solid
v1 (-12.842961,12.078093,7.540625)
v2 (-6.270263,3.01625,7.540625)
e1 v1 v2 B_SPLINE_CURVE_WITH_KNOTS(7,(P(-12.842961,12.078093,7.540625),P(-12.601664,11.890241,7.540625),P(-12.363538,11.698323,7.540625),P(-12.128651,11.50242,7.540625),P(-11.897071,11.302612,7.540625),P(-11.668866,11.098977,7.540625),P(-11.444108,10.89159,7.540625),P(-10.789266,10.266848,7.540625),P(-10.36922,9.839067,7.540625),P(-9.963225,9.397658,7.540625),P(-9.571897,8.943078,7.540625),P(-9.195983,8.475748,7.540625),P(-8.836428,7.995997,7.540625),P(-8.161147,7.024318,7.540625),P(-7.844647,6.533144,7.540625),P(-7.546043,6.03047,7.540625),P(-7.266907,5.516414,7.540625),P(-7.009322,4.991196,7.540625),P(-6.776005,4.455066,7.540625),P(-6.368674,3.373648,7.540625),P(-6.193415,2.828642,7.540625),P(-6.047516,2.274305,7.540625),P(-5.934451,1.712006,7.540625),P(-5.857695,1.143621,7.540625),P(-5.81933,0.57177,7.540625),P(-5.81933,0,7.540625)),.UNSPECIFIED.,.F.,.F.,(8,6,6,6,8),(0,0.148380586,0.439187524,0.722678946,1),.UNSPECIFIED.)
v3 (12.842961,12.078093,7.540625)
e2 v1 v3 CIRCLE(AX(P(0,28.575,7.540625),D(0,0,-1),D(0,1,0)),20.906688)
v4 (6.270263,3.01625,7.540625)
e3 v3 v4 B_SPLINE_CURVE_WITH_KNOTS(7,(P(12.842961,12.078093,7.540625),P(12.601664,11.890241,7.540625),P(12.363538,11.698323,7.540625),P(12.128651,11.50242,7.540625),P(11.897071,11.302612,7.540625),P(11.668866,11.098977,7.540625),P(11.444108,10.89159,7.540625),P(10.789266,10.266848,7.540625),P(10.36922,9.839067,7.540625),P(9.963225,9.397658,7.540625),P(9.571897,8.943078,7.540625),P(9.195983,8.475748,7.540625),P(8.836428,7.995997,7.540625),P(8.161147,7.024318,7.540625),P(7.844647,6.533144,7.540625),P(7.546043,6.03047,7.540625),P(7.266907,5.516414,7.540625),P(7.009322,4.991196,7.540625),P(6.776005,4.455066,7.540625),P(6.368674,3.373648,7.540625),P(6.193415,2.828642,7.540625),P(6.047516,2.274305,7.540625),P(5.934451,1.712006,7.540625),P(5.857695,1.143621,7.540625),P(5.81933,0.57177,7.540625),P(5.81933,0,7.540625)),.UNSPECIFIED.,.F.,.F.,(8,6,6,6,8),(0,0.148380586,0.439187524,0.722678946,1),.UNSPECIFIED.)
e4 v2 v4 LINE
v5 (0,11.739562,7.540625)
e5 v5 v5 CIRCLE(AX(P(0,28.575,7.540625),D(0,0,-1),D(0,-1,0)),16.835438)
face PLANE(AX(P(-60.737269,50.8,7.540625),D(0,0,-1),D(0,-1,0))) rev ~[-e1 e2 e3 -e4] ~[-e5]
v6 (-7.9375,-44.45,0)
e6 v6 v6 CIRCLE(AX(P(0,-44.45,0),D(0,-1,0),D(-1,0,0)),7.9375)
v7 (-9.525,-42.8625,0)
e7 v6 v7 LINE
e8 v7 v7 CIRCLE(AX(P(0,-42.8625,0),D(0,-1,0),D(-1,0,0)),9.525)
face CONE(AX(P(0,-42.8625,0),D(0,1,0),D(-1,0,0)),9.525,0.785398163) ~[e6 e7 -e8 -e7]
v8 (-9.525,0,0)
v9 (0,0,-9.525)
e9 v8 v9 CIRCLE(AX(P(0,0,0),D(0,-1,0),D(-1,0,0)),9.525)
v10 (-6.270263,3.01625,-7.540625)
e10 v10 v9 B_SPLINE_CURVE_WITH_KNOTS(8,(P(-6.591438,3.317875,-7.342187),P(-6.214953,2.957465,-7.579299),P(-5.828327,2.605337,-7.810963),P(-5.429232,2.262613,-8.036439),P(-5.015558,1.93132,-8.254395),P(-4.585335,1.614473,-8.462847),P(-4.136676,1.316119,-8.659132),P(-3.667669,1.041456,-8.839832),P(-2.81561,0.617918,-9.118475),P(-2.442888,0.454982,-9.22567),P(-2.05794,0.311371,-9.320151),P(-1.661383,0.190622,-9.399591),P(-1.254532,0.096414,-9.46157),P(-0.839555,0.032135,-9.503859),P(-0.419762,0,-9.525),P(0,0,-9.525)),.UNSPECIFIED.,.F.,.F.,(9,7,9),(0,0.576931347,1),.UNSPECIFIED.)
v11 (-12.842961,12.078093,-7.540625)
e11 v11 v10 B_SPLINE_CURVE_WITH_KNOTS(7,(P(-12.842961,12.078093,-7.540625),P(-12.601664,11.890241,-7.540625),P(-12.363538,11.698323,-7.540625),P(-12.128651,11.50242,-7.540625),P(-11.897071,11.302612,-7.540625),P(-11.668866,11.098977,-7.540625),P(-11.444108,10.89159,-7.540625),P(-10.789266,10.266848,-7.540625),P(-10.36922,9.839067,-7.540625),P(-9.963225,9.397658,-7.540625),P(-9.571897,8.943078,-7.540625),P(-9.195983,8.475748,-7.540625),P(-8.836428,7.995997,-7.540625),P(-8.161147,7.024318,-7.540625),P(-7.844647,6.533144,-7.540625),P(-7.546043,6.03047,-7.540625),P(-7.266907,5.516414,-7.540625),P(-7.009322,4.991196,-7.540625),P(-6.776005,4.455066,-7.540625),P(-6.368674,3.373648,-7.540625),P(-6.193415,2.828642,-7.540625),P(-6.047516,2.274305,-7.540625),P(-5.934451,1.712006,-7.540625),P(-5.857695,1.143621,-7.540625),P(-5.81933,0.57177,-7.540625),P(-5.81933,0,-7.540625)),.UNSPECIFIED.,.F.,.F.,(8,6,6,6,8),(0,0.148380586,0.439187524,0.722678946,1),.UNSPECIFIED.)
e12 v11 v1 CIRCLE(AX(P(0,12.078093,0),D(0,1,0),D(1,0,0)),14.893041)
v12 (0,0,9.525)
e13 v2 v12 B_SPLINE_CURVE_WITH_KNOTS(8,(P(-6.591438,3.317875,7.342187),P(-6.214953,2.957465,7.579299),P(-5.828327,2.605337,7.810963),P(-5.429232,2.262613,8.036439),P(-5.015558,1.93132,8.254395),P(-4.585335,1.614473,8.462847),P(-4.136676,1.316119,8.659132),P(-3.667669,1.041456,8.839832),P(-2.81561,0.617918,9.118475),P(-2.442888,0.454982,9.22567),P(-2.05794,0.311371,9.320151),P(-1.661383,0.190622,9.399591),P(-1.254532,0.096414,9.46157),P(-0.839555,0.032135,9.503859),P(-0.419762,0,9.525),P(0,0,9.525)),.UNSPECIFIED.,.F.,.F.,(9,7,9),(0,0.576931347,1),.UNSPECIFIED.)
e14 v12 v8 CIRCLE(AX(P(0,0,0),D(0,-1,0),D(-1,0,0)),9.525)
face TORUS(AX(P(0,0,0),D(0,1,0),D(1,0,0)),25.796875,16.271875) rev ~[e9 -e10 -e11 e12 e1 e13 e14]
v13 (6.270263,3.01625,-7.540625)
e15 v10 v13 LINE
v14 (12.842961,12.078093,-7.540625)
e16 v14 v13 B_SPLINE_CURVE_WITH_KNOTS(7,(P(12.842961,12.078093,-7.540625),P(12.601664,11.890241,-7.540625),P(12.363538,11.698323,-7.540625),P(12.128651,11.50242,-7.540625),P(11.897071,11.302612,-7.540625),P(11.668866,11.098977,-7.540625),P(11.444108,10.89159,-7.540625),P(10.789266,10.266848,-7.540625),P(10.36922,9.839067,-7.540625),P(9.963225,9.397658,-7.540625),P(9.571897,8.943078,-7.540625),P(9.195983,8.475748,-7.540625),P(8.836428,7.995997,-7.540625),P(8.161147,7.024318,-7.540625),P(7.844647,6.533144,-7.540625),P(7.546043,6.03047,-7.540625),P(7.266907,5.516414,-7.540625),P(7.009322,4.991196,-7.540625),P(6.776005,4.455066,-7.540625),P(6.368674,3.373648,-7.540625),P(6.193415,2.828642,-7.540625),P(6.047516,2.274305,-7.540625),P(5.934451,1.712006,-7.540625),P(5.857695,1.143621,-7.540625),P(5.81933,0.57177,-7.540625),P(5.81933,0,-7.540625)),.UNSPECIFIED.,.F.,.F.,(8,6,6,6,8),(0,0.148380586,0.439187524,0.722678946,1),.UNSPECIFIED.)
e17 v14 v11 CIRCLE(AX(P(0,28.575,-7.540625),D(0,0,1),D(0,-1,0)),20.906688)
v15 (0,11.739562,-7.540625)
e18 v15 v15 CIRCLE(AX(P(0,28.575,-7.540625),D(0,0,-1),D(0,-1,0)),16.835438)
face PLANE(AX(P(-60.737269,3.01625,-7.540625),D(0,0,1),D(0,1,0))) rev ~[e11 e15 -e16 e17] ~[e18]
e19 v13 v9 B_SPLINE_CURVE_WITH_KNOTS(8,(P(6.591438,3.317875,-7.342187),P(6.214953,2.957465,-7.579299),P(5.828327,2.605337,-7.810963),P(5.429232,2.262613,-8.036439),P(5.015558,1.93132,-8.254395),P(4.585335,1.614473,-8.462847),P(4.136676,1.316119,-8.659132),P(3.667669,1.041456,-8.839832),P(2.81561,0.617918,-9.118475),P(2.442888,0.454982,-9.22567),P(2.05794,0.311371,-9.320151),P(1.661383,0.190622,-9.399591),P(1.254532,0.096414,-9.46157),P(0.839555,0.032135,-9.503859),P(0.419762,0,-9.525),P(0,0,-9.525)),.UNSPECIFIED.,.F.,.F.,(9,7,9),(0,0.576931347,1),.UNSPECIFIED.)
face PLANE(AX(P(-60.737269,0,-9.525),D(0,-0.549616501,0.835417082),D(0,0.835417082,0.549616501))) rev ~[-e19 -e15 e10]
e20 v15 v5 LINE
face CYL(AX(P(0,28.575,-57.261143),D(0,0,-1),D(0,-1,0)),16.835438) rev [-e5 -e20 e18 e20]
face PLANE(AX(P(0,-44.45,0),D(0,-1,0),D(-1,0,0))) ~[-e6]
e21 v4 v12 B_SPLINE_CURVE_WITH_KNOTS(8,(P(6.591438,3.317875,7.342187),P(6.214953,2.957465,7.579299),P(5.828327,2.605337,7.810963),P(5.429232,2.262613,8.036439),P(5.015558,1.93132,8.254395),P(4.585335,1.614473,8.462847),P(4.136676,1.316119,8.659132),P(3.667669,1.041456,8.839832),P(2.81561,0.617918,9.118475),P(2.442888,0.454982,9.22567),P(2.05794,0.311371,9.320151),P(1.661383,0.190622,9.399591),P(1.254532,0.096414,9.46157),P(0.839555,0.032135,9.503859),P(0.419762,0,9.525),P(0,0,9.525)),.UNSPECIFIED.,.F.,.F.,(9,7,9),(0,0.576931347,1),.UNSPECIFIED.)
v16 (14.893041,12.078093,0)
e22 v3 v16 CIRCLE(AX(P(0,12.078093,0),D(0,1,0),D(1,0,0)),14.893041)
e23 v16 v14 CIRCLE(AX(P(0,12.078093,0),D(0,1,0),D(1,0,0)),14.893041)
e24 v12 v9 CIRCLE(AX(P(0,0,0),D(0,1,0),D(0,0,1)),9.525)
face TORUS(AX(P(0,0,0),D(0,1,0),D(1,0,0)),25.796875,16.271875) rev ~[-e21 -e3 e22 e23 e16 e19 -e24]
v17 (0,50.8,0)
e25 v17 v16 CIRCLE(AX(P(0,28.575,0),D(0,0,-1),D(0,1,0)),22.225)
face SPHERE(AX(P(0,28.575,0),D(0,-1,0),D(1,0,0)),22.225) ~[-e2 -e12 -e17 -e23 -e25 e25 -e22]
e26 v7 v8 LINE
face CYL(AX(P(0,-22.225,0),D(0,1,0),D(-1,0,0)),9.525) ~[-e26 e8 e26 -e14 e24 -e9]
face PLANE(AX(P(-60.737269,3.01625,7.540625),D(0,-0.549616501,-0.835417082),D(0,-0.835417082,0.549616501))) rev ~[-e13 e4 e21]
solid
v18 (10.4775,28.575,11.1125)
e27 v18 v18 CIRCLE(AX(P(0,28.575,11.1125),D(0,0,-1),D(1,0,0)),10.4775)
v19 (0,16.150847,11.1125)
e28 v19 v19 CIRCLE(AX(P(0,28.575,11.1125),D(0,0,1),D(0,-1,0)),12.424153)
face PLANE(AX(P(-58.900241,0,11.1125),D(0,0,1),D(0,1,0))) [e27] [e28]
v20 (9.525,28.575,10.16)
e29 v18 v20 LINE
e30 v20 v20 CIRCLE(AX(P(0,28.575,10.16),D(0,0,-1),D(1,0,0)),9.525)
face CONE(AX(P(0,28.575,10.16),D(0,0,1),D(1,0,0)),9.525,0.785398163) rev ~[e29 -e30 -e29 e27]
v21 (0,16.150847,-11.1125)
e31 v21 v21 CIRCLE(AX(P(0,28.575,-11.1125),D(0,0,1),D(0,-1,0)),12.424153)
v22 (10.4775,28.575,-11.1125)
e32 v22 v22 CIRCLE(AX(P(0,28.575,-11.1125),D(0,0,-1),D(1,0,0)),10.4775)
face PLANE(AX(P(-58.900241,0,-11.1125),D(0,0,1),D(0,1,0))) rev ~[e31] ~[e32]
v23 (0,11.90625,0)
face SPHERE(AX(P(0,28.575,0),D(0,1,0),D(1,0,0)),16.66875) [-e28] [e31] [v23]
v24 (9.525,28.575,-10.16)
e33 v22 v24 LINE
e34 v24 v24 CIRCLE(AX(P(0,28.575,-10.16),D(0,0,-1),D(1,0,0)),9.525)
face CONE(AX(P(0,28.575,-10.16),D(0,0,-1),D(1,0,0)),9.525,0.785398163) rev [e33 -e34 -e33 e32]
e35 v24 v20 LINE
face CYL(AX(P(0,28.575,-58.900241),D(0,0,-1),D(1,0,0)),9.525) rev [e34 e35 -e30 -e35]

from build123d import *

# Parameters (mm, degrees)
SKETCH1_W               = 9.525
SKETCH1_H               = 44.45
CHAMFER2_SIZE           = 1.5875
CUT_EXTRUDE1_DEPTH      = 60.737268518
CUT_EXTRUDE1_DEPTH_BACK = 60.737268518
CUT_EXTRUDE2_DEPTH      = 57.261143358
CUT_EXTRUDE2_DEPTH_BACK = 57.261143358
SKETCH6_R               = 16.8354375
CUT_EXTRUDE3_DEPTH      = 58.900240514
CUT_EXTRUDE3_DEPTH_BACK = 58.900240514
SKETCH8_W               = 11.1125
SKETCH8_H               = 50.8
CUT_EXTRUDE4_DEPTH      = 58.900240514
CUT_EXTRUDE4_DEPTH_BACK = 58.900240514
SKETCH10_R              = 9.525
CHAMFER1_SIZE           = 0.9525


with BuildPart() as part:
    # Sketch1 → Revolve1 (revolve)
    with BuildSketch(Plane.XY, mode=Mode.PRIVATE) as revolve1_sk:
        with Locations((4.7625, -22.225)):
            Rectangle(SKETCH1_W, SKETCH1_H)
    revolve(revolve1_sk.sketch.rotate(Axis((0, 50.8, 0), (0, -1, 0)), 180), axis=Axis((0, 50.8, 0), (0, -1, 0)))

    # Chamfer2
    chamfer2_edges = [part.edges().sort_by_distance(p)[0] for p in [
        (9.525, -44.45, 0),
    ]]
    chamfer(chamfer2_edges, length=CHAMFER2_SIZE)

    # Sketch4 → Revolve2 (revolve)
    with BuildSketch(Plane.XY):
        with BuildLine():
            Line((9.525, 0), (0, 0))
            Line((0, 0), (0, 50.8))
            ThreePointArc((0, 50.8), (20.743606098, 36.553310038), (14.893041237, 12.078092784))
            ThreePointArc((14.893041237, 12.078092784), (10.927447707, 6.608634352), (9.525, 0))
        make_face()
    revolve(axis=Axis((0, 50.8, 0), (0, 1, 0)))

    # Sketch5 → Cut-Extrude1 (cut, two sides: drawn at the far end of the back side and taken through both)
    with BuildSketch(Plane(origin=(0, 0, 0), x_dir=(0, 0, -1), z_dir=(1, 0, 0)).offset(-CUT_EXTRUDE1_DEPTH_BACK)):
        Polygon((7.540625, 50.8), (22.225, 50.8), (22.225, 0), (9.525, 0), (7.540625, 3.01625), align=None)
        Polygon((-7.540625, 50.8), (-7.540625, 3.01625), (-9.525, 0), (-22.225, 0), (-22.225, 50.8), align=None)
    extrude(amount=CUT_EXTRUDE1_DEPTH + CUT_EXTRUDE1_DEPTH_BACK, mode=Mode.SUBTRACT)

    # Sketch6 → Cut-Extrude2 (cut, two sides: drawn at the far end of the back side and taken through both)
    with BuildSketch(Plane.XY.offset(-CUT_EXTRUDE2_DEPTH_BACK)):
        with Locations(Location((0, 28.575, 0), (0, 0, 270))):
            Circle(SKETCH6_R)
    extrude(amount=CUT_EXTRUDE2_DEPTH + CUT_EXTRUDE2_DEPTH_BACK, mode=Mode.SUBTRACT)


with BuildPart() as body_2:
    # Sketch7 → Revolve3 (revolve)
    with BuildSketch(Plane.XY):
        with BuildLine():
            Line((0, 45.24375), (0, 11.90625))
            ThreePointArc((0, 11.90625), (16.66875, 28.575), (0, 45.24375))
        make_face()
    revolve(axis=Axis((0, 0, 0), (0, 1, 0)))

    # Sketch8 → Cut-Extrude3 (cut, two sides: drawn at the far end of the back side and taken through both)
    with BuildSketch(Plane(origin=(0, 0, 0), x_dir=(0, 0, -1), z_dir=(1, 0, 0)).offset(-CUT_EXTRUDE3_DEPTH_BACK)):
        with Locations((-16.66875, 25.4)):
            Rectangle(SKETCH8_W, SKETCH8_H)
        with Locations((16.66875, 25.4)):
            Rectangle(SKETCH8_W, SKETCH8_H)
    extrude(amount=CUT_EXTRUDE3_DEPTH + CUT_EXTRUDE3_DEPTH_BACK, mode=Mode.SUBTRACT)

    # Sketch10 → Cut-Extrude4 (cut, two sides: drawn at the far end of the back side and taken through both)
    with BuildSketch(Plane.XY.offset(-CUT_EXTRUDE4_DEPTH_BACK)):
        with Locations((0, 28.575)):
            Circle(SKETCH10_R)
    extrude(amount=CUT_EXTRUDE4_DEPTH + CUT_EXTRUDE4_DEPTH_BACK, mode=Mode.SUBTRACT)

    # Chamfer1
    chamfer1_edges = [body_2.edges().sort_by_distance(p)[0] for p in [
        (-9.525, 28.575, -11.1125),
        (-9.525, 28.575, 11.1125),
    ]]
    chamfer(chamfer1_edges, length=CHAMFER1_SIZE)


solid = Compound([part.part, body_2.part])
